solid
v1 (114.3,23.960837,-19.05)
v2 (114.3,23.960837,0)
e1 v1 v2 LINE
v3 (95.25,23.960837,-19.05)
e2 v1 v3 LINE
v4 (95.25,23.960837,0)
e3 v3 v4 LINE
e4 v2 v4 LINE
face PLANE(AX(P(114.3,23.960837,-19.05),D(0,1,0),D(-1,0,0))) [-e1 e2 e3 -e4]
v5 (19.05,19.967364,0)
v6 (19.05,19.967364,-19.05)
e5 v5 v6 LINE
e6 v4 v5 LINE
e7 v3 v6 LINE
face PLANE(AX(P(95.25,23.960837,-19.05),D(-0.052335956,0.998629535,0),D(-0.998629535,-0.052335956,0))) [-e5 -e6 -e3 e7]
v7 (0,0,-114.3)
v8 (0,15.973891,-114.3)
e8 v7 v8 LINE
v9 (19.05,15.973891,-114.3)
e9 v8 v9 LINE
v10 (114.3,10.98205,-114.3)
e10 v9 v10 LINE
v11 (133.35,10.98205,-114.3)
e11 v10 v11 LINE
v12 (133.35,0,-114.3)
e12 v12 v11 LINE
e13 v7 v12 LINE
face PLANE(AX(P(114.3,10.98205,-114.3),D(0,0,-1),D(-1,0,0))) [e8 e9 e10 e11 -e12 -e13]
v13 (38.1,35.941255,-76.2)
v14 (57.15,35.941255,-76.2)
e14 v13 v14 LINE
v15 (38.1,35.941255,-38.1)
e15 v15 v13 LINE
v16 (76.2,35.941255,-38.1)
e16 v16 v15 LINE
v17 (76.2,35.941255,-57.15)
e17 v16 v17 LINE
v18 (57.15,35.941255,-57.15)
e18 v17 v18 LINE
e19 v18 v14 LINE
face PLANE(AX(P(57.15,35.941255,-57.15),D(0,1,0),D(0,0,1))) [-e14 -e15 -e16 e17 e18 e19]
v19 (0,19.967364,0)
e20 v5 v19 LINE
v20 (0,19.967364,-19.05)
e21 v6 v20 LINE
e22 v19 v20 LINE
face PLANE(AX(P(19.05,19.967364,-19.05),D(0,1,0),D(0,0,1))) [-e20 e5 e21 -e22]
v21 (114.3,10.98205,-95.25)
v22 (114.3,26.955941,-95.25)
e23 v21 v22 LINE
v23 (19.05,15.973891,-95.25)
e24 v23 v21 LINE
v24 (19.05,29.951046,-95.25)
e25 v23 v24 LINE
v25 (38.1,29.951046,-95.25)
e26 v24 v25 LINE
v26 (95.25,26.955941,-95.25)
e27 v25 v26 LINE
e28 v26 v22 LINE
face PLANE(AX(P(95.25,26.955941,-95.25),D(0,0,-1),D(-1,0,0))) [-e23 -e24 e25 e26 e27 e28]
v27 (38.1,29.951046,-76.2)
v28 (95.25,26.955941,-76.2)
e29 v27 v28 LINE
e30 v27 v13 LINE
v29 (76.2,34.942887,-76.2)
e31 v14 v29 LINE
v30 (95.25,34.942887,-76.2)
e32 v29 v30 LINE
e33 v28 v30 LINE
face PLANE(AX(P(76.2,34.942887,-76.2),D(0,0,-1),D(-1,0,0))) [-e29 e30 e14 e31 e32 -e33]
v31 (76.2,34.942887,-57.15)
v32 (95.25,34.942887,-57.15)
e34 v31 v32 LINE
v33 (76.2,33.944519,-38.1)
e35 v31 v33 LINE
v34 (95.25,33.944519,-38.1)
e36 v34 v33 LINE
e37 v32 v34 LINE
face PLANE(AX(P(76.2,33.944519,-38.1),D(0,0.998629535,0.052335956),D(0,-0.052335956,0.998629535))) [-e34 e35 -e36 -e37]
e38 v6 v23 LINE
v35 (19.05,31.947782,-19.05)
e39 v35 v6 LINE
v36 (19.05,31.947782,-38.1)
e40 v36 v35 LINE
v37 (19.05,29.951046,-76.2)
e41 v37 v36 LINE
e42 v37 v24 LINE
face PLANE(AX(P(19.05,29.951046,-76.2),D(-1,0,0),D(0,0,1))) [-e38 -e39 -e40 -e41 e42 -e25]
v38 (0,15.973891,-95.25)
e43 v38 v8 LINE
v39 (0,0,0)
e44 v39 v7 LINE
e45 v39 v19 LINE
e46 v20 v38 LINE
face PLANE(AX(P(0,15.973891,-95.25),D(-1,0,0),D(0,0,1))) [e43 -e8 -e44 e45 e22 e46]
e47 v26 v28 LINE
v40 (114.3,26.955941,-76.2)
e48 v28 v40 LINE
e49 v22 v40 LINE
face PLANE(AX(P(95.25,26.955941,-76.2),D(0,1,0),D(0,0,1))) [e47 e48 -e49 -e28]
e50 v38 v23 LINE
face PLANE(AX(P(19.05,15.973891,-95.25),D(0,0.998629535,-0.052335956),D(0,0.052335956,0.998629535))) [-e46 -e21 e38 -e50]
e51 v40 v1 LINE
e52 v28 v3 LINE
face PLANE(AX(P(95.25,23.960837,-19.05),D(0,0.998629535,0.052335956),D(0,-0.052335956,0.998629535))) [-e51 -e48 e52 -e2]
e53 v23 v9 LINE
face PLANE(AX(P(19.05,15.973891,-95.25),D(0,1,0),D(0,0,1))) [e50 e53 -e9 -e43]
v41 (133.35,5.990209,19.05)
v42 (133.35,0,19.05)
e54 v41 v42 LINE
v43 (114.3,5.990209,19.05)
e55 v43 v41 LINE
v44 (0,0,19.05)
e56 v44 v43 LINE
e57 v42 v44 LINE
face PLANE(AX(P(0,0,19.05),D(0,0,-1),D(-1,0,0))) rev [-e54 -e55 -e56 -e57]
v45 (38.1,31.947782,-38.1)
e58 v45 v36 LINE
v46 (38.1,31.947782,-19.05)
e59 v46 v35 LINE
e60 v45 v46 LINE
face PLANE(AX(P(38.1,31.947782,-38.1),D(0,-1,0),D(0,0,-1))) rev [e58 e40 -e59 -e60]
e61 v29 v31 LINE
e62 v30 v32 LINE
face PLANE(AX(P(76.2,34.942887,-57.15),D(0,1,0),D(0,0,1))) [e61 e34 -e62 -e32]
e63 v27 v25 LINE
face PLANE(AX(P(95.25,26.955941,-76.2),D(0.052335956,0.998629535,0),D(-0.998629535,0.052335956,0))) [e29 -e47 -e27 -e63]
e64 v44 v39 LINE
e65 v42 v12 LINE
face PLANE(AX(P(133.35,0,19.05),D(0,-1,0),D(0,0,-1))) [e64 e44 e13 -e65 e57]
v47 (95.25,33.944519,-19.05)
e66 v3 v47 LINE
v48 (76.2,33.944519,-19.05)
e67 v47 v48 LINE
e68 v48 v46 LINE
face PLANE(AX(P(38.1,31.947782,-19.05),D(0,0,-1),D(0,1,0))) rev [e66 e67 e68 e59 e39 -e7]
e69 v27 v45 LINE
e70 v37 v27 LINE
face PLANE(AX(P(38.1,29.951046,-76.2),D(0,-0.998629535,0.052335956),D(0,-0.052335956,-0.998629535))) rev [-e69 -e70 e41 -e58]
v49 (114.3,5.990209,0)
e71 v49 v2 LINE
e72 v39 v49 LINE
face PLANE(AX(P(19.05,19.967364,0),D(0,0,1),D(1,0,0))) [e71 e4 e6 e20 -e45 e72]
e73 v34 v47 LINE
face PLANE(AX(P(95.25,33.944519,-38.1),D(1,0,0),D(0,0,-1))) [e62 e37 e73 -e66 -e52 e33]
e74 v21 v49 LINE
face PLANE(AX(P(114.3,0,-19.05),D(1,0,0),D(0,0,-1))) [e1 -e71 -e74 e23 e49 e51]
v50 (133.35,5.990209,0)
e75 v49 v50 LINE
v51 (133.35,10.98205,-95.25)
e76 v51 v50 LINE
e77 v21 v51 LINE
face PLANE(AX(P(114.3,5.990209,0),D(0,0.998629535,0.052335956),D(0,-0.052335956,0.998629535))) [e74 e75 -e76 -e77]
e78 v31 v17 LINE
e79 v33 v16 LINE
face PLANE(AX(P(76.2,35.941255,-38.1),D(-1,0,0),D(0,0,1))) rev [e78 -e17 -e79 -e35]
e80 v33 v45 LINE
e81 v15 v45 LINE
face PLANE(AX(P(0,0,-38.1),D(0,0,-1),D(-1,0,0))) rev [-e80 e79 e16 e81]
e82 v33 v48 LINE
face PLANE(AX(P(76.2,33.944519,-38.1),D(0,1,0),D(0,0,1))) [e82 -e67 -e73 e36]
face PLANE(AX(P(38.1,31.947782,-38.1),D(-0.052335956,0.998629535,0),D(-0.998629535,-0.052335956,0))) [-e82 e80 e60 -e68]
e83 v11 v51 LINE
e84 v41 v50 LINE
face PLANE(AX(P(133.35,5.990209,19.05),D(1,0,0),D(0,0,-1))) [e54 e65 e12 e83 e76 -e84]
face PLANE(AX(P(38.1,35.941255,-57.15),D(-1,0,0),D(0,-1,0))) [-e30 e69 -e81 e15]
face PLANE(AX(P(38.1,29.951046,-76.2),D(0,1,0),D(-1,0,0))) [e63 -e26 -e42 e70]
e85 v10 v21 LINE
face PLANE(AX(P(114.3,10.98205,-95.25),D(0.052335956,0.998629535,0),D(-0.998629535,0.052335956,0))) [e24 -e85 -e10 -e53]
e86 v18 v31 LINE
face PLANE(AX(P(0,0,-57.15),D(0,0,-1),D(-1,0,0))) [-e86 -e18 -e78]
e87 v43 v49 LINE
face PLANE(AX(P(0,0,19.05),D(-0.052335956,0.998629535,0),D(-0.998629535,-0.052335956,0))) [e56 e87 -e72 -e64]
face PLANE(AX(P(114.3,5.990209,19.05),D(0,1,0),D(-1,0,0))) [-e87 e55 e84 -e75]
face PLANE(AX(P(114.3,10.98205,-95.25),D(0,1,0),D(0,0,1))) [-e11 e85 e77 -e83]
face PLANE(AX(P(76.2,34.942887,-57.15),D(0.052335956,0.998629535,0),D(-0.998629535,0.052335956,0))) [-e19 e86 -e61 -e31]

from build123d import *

# Parameters (mm, degrees)
BOSS_EXTRUDE1_DEPTH  = 19.05
BOSS_EXTRUDE2_DEPTH  = 19.05
BOSS_EXTRUDE3_DEPTH  = 19.05
BOSS_EXTRUDE4_DEPTH  = 19.05
BOSS_EXTRUDE5_DEPTH  = 19.05
BOSS_EXTRUDE6_DEPTH  = 19.05
BOSS_EXTRUDE7_DEPTH  = 19.05
BOSS_EXTRUDE8_DEPTH  = 19.05
BOSS_EXTRUDE9_DEPTH  = 19.05
BOSS_EXTRUDE10_DEPTH = 19.05
BOSS_EXTRUDE11_DEPTH = 19.05
SKETCH12_W           = 38.1
SKETCH12_H           = 35.941255032
BOSS_EXTRUDE12_DEPTH = 19.05


with BuildPart() as part:
    # Sketch1 → Boss-Extrude1 (new body)
    with BuildSketch(Plane.XY):
        Polygon((0, 0), (114.3, 5.990209172), (133.35, 5.990209172), (133.35, 0), align=None)
    extrude(amount=BOSS_EXTRUDE1_DEPTH)

    # Sketch2 → Boss-Extrude2 (add)
    with BuildSketch(Plane(origin=(133.35, 0, 0), x_dir=(0, 0, -1), z_dir=(1, 0, 0))):
        Polygon((0, 0), (0, 5.990209172), (95.25, 10.982050149), (114.3, 10.982050149), (114.3, 0), align=None)
    extrude(amount=-BOSS_EXTRUDE2_DEPTH)

    # Sketch3 → Boss-Extrude3 (add)
    with BuildSketch(Plane(origin=(0, 0, -114.3), x_dir=(-1, 0, 0), z_dir=(0, 0, -1))):
        Polygon((-114.3, 0), (-114.3, 10.982050149), (-19.05, 15.973891125), (0, 15.973891125), (0, 0), align=None)
    extrude(amount=-BOSS_EXTRUDE3_DEPTH)

    # Sketch4 → Boss-Extrude4 (add)
    with BuildSketch(Plane.ZY):
        Polygon((-95.25, 15.973891125), (-19.05, 19.967363907), (0, 19.967363907), (0, 0), (-95.25, 0), align=None)
    extrude(amount=-BOSS_EXTRUDE4_DEPTH)

    # Sketch5 → Boss-Extrude5 (add)
    with BuildSketch(Plane.XY):
        Polygon((95.25, 23.960836688), (19.05, 19.967363907), (19.05, 0), (114.3, 0), (114.3, 23.960836688), align=None)
    extrude(amount=-BOSS_EXTRUDE5_DEPTH)

    # Sketch6 → Boss-Extrude6 (add)
    with BuildSketch(Plane(origin=(114.3, 0, 0), x_dir=(0, 0, -1), z_dir=(1, 0, 0))):
        Polygon((19.05, 23.960836688), (76.2, 26.955941274), (95.25, 26.955941274), (95.25, 0), (19.05, 0), align=None)
    extrude(amount=-BOSS_EXTRUDE6_DEPTH)

    # Sketch7 → Boss-Extrude7 (add)
    with BuildSketch(Plane(origin=(0, 0, -95.25), x_dir=(-1, 0, 0), z_dir=(0, 0, -1))):
        Polygon((-95.25, 26.955941274), (-38.1, 29.95104586), (-19.05, 29.95104586), (-19.05, 0), (-95.25, 0), align=None)
    extrude(amount=-BOSS_EXTRUDE7_DEPTH)

    # Sketch8 → Boss-Extrude8 (add)
    with BuildSketch(Plane.ZY.offset(-19.05)):
        Polygon((-76.2, 29.95104586), (-38.1, 31.947782251), (-19.05, 31.947782251), (-19.05, 0), (-76.2, 0), align=None)
    extrude(amount=-BOSS_EXTRUDE8_DEPTH)

    # Sketch9 → Boss-Extrude9 (add)
    with BuildSketch(Plane.XY.offset(-19.05)):
        Polygon((38.1, 31.947782251), (76.2, 33.944518642), (95.25, 33.944518642), (95.25, 0), (38.1, 0), align=None)
    extrude(amount=-BOSS_EXTRUDE9_DEPTH)

    # Sketch10 → Boss-Extrude10 (add)
    with BuildSketch(Plane(origin=(95.25, 0, 0), x_dir=(0, 0, -1), z_dir=(1, 0, 0))):
        Polygon((38.1, 0), (38.1, 33.944518642), (57.15, 34.942886837), (76.2, 34.942886837), (76.2, 0), align=None)
    extrude(amount=-BOSS_EXTRUDE10_DEPTH)

    # Sketch11 → Boss-Extrude11 (add)
    with BuildSketch(Plane(origin=(0, 0, -76.2), x_dir=(-1, 0, 0), z_dir=(0, 0, -1))):
        Polygon((-76.2, 34.942886837), (-57.15, 35.941255032), (-38.1, 35.941255032), (-38.1, 0), (-76.2, 0), align=None)
    extrude(amount=-BOSS_EXTRUDE11_DEPTH)

    # Sketch12 → Boss-Extrude12 (add)
    with BuildSketch(Plane.XY.offset(-57.15)):
        with Locations((57.15, 17.970627516)):
            Rectangle(SKETCH12_W, SKETCH12_H)
    extrude(amount=BOSS_EXTRUDE12_DEPTH)


solid = part.part
